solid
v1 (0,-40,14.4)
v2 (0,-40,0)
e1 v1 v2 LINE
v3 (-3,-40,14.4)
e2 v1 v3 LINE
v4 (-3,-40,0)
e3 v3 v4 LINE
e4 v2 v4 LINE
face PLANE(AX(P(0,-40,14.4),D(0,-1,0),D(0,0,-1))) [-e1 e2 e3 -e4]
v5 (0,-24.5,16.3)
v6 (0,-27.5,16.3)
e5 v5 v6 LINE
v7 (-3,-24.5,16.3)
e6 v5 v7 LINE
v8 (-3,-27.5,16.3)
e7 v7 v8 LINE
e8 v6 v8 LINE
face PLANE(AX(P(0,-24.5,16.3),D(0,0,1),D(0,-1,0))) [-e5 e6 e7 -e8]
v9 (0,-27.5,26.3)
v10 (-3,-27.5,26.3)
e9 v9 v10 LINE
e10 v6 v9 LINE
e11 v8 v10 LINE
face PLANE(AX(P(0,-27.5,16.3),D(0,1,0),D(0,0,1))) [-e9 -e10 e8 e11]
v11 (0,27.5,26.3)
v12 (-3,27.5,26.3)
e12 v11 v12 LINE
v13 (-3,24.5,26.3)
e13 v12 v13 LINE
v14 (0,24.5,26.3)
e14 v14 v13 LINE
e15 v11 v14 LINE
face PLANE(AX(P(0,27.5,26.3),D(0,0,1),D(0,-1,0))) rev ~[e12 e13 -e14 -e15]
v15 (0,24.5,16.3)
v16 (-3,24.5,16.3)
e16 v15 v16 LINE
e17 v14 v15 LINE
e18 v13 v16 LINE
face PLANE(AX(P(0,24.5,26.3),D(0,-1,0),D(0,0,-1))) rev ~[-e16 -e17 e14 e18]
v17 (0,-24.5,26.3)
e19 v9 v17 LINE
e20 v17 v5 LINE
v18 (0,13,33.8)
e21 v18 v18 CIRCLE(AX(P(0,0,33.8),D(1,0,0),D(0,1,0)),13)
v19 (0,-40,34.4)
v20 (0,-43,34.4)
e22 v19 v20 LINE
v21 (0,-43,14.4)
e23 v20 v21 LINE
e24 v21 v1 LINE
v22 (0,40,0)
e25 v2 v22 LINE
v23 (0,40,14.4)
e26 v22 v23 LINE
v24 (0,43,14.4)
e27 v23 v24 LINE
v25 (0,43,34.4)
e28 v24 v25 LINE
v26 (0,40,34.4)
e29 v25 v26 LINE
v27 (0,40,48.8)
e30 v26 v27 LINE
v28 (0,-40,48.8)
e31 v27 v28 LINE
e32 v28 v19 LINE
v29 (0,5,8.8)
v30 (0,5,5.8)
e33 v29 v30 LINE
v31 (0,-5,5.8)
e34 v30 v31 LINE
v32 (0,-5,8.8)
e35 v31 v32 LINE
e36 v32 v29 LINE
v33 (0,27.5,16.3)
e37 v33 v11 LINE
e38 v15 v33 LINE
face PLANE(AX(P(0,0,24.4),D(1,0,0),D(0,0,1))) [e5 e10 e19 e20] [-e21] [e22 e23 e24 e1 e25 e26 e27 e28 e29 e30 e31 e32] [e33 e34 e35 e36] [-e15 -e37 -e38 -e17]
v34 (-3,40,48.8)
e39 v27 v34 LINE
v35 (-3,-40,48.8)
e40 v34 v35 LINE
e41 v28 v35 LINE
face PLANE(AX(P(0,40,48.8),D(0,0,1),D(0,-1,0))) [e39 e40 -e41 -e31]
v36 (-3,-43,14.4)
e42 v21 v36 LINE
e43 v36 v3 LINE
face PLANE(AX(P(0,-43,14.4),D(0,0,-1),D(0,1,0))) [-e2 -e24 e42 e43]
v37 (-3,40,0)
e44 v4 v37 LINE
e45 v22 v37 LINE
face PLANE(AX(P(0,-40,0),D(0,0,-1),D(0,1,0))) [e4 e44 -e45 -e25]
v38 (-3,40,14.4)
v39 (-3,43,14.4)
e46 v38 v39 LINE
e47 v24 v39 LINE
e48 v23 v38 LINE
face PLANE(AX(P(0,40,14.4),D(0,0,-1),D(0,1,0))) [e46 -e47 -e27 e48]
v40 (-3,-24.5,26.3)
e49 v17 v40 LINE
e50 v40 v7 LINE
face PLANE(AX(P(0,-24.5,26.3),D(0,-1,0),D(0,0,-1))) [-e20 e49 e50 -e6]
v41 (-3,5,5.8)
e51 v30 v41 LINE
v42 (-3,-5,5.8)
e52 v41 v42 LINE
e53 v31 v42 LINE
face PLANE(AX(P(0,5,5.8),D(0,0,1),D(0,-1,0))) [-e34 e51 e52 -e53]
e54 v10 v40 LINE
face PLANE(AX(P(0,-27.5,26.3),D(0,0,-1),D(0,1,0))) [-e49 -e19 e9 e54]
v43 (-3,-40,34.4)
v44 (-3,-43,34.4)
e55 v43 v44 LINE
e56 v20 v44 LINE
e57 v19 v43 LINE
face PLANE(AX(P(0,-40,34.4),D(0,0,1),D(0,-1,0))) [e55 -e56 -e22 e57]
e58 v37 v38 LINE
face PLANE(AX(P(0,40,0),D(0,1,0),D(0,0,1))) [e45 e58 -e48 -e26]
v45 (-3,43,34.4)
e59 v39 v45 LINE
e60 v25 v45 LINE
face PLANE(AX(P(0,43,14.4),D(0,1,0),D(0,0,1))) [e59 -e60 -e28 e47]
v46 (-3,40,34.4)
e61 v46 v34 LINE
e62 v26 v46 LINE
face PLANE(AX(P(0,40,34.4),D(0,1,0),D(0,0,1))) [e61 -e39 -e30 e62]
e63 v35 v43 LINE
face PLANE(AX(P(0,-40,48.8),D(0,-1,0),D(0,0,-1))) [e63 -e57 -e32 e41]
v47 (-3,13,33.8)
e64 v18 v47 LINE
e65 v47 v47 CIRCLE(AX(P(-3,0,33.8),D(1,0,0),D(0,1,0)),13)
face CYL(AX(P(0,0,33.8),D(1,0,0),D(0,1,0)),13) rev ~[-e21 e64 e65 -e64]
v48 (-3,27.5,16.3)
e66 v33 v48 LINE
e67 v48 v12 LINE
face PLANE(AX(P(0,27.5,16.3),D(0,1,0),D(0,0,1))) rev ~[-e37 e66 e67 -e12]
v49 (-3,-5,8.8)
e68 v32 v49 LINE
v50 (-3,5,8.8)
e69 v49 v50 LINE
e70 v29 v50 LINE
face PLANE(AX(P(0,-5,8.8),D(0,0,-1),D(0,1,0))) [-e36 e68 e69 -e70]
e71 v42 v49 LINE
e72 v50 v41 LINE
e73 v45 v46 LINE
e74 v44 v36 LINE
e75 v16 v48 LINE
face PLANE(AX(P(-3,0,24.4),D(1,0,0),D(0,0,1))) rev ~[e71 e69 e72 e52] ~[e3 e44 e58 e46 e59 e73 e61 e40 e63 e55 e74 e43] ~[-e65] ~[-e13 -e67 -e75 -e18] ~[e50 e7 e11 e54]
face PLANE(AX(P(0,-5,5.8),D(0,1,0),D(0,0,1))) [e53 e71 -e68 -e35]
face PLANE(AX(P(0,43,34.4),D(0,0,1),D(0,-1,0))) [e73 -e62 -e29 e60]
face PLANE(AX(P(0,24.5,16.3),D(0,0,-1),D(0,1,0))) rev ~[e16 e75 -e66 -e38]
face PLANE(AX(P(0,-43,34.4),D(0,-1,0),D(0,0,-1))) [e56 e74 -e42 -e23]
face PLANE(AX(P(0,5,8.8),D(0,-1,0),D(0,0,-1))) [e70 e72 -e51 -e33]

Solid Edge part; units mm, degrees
sketch "Sketch1" plane through (0, 0, 0) normal (1, 0, 0) x (0, 1, 0)
  line L0 (-5, 8.8) -> (5, 8.8)
  line L1 (5, 8.8) -> (5, 5.8)
  line L2 (5, 5.8) -> (-5, 5.8)
  line L3 (-5, 5.8) -> (-5, 8.8)
  line L4 (24.5, 26.3) -> (24.5, 16.3)
  line L5 (24.5, 16.3) -> (27.5, 16.3)
  line L6 (27.5, 16.3) -> (27.5, 26.3)
  line L7 (27.5, 26.3) -> (24.5, 26.3)
  line L8 (-24.5, 26.3) -> (-24.5, 16.3)
  line L9 (-24.5, 16.3) -> (-27.5, 16.3)
  line L10 (-27.5, 16.3) -> (-27.5, 26.3)
  line L11 (-27.5, 26.3) -> (-24.5, 26.3)
  circle A0 centre (0, 33.8) radius 13
  line L12 (-40, 48.8) -> (-40, 34.4)
  line L13 (-40, 34.4) -> (-43, 34.4)
  line L14 (-43, 34.4) -> (-43, 14.4)
  line L15 (-43, 14.4) -> (-40, 14.4)
  line L16 (-40, 14.4) -> (-40, 0)
  line L17 (-40, 0) -> (40, 0)
  line L18 (40, 0) -> (40, 14.4)
  line L19 (40, 14.4) -> (43, 14.4)
  line L20 (43, 14.4) -> (43, 34.4)
  line L21 (43, 34.4) -> (40, 34.4)
  line L22 (40, 34.4) -> (40, 48.8)
  line L23 (40, 48.8) -> (-40, 48.8)
  dimension "D1" = 20
  dimension "D2" = 3
  dimension "D3" = 10
  dimension "D4" = 49
  dimension "D5" = 40
  dimension "D6" = 14.4
  dimension "D7" = 7.5
  dimension "D8" = 80
  dimension "D9" = 26
  dimension "D10" = 25
extrude "Protrusion1" add sketch "Sketch1" against normal blind 3
properties material "Acier"
